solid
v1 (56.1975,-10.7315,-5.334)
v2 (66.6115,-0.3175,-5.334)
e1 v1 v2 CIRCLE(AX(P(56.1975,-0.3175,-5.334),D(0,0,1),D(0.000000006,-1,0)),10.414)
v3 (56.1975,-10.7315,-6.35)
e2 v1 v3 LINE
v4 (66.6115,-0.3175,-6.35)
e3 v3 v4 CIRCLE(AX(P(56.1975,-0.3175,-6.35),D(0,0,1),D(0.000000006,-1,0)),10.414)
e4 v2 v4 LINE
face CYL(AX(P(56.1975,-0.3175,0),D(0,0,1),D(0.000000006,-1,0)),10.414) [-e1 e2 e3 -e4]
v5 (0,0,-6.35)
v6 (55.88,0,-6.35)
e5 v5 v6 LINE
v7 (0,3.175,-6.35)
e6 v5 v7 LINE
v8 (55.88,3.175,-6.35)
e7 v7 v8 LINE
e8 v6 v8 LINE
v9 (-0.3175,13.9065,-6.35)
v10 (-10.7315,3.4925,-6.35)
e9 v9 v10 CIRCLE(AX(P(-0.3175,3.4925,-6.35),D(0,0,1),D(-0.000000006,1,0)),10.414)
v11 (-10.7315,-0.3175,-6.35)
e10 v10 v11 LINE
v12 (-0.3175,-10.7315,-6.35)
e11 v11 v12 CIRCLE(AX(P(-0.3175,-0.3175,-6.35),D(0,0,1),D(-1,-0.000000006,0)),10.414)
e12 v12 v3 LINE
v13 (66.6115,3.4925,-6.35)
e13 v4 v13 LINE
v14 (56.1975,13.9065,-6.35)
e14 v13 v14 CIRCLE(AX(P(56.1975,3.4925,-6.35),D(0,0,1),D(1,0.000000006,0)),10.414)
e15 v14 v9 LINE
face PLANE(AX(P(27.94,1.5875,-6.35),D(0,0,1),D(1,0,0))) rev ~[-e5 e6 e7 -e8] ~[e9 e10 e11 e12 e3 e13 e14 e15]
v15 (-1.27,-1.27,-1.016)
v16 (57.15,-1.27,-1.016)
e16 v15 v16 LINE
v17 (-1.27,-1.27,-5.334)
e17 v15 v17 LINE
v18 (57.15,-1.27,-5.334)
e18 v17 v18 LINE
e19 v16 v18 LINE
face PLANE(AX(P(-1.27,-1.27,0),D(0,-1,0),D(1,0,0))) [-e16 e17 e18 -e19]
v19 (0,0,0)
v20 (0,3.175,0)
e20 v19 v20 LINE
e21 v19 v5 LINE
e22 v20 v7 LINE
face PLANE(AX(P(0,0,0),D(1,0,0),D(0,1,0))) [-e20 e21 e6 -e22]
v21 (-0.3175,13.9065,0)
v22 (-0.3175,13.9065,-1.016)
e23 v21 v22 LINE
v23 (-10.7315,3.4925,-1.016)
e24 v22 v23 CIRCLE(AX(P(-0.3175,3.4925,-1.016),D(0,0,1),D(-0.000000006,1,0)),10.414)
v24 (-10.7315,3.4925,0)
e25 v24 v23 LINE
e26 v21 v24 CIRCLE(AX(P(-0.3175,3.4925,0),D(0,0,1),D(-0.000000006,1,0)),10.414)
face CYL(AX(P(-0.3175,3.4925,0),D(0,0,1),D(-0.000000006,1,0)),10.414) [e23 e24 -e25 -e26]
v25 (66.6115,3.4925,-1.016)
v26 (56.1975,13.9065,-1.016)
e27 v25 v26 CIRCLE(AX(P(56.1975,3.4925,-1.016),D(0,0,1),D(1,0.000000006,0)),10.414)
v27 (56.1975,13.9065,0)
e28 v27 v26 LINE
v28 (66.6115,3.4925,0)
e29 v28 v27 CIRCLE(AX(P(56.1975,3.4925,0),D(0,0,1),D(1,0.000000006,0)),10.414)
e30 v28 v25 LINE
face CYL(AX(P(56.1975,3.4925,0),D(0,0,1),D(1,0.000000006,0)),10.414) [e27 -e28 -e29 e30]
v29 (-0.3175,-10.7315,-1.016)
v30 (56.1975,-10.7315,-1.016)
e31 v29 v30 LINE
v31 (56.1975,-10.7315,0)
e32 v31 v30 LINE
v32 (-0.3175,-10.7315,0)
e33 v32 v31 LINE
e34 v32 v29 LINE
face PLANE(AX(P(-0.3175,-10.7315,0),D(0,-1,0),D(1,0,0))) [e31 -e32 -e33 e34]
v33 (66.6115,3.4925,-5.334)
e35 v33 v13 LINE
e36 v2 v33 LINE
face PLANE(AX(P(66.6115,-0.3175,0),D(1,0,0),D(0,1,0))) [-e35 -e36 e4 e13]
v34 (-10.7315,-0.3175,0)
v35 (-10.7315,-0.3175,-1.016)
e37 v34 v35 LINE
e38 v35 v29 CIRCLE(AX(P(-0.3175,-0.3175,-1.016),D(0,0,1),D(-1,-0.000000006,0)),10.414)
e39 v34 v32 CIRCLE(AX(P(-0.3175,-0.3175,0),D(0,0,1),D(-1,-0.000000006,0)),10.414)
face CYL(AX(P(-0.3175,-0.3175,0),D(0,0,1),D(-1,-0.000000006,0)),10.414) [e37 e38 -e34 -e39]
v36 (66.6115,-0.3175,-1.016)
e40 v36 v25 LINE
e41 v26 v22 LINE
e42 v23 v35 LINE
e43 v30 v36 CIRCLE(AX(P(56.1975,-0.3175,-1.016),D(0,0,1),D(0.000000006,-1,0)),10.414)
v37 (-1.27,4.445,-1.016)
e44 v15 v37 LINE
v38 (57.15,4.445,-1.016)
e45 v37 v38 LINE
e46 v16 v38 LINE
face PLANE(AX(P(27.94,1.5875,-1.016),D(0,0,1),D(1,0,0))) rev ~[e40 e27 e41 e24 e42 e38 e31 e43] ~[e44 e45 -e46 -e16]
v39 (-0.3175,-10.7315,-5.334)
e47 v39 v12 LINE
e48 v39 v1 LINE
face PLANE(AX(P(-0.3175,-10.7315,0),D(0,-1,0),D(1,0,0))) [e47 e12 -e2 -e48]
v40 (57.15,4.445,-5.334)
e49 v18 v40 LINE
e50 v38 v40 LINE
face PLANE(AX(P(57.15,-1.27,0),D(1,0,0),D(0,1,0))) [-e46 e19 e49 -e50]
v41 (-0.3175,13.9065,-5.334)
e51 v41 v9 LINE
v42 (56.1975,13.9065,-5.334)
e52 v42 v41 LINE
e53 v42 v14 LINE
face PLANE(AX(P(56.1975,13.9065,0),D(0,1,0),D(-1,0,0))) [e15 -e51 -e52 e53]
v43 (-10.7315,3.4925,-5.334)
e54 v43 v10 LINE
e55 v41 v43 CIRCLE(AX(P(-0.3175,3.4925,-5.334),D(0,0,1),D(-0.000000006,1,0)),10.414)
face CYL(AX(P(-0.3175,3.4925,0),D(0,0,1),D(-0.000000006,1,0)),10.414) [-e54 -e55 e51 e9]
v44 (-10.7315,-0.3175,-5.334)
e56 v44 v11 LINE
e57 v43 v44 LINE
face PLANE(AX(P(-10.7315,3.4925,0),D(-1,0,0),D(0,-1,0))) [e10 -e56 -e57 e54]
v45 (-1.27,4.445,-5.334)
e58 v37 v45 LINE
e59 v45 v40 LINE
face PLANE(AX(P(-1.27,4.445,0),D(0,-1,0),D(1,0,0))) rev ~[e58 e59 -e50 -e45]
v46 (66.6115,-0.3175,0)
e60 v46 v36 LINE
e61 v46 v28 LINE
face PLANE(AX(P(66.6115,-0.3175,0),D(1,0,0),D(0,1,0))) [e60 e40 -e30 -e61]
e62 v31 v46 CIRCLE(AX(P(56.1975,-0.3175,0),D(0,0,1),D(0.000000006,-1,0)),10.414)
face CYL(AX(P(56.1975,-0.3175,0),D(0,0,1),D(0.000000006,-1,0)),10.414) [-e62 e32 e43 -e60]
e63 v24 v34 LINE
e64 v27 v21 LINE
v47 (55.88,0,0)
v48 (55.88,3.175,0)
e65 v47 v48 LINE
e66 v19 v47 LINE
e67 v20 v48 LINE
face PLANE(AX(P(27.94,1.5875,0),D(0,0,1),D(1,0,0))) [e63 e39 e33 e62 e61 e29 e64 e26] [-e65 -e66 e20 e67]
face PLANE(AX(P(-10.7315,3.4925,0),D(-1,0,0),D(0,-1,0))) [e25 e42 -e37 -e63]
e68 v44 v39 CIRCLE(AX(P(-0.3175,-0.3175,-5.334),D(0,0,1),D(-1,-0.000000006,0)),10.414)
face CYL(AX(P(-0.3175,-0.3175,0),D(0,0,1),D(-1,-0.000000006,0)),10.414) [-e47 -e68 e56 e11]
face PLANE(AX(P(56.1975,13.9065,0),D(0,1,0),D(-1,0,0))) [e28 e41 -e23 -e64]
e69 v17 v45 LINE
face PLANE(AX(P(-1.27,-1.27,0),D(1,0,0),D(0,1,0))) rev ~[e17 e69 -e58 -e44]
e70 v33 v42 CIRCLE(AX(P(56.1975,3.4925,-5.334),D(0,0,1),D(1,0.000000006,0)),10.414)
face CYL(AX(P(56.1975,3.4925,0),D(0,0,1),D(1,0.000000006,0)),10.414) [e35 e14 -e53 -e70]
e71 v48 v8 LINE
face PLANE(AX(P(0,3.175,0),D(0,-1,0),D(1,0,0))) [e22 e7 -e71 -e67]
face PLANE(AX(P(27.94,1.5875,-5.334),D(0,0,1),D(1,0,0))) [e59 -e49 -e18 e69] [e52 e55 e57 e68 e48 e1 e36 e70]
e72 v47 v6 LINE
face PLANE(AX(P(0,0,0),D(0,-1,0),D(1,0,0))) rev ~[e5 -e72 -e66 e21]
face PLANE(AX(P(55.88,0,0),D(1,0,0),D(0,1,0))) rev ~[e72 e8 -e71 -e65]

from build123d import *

# Parameters (mm, degrees)
F0_W     = 58.42
F0_H     = 5.715
F0_W_2   = 55.88
F0_H_2   = 3.175
F1_DEPTH = 6.35
F2_DEPTH = 5.334
F3_DEPTH = 1.016


with BuildPart() as f1:
    # F0 (on Top) → F1 (new body)
    with BuildSketch(Plane.XY):
        with BuildLine():
            Line((56.1975, 13.9065), (-0.3175, 13.9065))
            ThreePointArc((-0.3175, 13.9065), (-7.68131, 10.85631), (-10.7315, 3.4925))
            Line((-10.7315, 3.4925), (-10.7315, -0.3175))
            ThreePointArc((-10.7315, -0.3175), (-7.68131, -7.68131), (-0.3175, -10.7315))
            Line((-0.3175, -10.7315), (56.1975, -10.7315))
            ThreePointArc((56.1975, -10.7315), (63.56131, -7.68131), (66.6115, -0.3175))
            Line((66.6115, -0.3175), (66.6115, 3.4925))
            ThreePointArc((66.6115, 3.4925), (63.56131, 10.85631), (56.1975, 13.9065))
        make_face()
        with Locations((27.94, 1.5875)):
            Rectangle(F0_W, F0_H, mode=Mode.SUBTRACT)
        with Locations((27.94, 1.5875)):
            Rectangle(F0_W, F0_H)
        with Locations((27.94, 1.5875)):
            Rectangle(F0_W_2, F0_H_2, mode=Mode.SUBTRACT)
    extrude(amount=-F1_DEPTH)

    # F0 (on Top) → F2 (cut)
    with BuildSketch(Plane.XY):
        with BuildLine():
            Line((56.1975, 13.9065), (-0.3175, 13.9065))
            ThreePointArc((-0.3175, 13.9065), (-7.68131, 10.85631), (-10.7315, 3.4925))
            Line((-10.7315, 3.4925), (-10.7315, -0.3175))
            ThreePointArc((-10.7315, -0.3175), (-7.68131, -7.68131), (-0.3175, -10.7315))
            Line((-0.3175, -10.7315), (56.1975, -10.7315))
            ThreePointArc((56.1975, -10.7315), (63.56131, -7.68131), (66.6115, -0.3175))
            Line((66.6115, -0.3175), (66.6115, 3.4925))
            ThreePointArc((66.6115, 3.4925), (63.56131, 10.85631), (56.1975, 13.9065))
        make_face()
        with Locations((27.94, 1.5875)):
            Rectangle(F0_W, F0_H, mode=Mode.SUBTRACT)
    extrude(amount=-F2_DEPTH, mode=Mode.SUBTRACT)

    # F0 (on Top) → F3 (join)
    with BuildSketch(Plane.XY):
        with BuildLine():
            Line((56.1975, 13.9065), (-0.3175, 13.9065))
            ThreePointArc((-0.3175, 13.9065), (-7.68131, 10.85631), (-10.7315, 3.4925))
            Line((-10.7315, 3.4925), (-10.7315, -0.3175))
            ThreePointArc((-10.7315, -0.3175), (-7.68131, -7.68131), (-0.3175, -10.7315))
            Line((-0.3175, -10.7315), (56.1975, -10.7315))
            ThreePointArc((56.1975, -10.7315), (63.56131, -7.68131), (66.6115, -0.3175))
            Line((66.6115, -0.3175), (66.6115, 3.4925))
            ThreePointArc((66.6115, 3.4925), (63.56131, 10.85631), (56.1975, 13.9065))
        make_face()
        with Locations((27.94, 1.5875)):
            Rectangle(F0_W, F0_H, mode=Mode.SUBTRACT)
    extrude(amount=-F3_DEPTH)


solid = f1.part
